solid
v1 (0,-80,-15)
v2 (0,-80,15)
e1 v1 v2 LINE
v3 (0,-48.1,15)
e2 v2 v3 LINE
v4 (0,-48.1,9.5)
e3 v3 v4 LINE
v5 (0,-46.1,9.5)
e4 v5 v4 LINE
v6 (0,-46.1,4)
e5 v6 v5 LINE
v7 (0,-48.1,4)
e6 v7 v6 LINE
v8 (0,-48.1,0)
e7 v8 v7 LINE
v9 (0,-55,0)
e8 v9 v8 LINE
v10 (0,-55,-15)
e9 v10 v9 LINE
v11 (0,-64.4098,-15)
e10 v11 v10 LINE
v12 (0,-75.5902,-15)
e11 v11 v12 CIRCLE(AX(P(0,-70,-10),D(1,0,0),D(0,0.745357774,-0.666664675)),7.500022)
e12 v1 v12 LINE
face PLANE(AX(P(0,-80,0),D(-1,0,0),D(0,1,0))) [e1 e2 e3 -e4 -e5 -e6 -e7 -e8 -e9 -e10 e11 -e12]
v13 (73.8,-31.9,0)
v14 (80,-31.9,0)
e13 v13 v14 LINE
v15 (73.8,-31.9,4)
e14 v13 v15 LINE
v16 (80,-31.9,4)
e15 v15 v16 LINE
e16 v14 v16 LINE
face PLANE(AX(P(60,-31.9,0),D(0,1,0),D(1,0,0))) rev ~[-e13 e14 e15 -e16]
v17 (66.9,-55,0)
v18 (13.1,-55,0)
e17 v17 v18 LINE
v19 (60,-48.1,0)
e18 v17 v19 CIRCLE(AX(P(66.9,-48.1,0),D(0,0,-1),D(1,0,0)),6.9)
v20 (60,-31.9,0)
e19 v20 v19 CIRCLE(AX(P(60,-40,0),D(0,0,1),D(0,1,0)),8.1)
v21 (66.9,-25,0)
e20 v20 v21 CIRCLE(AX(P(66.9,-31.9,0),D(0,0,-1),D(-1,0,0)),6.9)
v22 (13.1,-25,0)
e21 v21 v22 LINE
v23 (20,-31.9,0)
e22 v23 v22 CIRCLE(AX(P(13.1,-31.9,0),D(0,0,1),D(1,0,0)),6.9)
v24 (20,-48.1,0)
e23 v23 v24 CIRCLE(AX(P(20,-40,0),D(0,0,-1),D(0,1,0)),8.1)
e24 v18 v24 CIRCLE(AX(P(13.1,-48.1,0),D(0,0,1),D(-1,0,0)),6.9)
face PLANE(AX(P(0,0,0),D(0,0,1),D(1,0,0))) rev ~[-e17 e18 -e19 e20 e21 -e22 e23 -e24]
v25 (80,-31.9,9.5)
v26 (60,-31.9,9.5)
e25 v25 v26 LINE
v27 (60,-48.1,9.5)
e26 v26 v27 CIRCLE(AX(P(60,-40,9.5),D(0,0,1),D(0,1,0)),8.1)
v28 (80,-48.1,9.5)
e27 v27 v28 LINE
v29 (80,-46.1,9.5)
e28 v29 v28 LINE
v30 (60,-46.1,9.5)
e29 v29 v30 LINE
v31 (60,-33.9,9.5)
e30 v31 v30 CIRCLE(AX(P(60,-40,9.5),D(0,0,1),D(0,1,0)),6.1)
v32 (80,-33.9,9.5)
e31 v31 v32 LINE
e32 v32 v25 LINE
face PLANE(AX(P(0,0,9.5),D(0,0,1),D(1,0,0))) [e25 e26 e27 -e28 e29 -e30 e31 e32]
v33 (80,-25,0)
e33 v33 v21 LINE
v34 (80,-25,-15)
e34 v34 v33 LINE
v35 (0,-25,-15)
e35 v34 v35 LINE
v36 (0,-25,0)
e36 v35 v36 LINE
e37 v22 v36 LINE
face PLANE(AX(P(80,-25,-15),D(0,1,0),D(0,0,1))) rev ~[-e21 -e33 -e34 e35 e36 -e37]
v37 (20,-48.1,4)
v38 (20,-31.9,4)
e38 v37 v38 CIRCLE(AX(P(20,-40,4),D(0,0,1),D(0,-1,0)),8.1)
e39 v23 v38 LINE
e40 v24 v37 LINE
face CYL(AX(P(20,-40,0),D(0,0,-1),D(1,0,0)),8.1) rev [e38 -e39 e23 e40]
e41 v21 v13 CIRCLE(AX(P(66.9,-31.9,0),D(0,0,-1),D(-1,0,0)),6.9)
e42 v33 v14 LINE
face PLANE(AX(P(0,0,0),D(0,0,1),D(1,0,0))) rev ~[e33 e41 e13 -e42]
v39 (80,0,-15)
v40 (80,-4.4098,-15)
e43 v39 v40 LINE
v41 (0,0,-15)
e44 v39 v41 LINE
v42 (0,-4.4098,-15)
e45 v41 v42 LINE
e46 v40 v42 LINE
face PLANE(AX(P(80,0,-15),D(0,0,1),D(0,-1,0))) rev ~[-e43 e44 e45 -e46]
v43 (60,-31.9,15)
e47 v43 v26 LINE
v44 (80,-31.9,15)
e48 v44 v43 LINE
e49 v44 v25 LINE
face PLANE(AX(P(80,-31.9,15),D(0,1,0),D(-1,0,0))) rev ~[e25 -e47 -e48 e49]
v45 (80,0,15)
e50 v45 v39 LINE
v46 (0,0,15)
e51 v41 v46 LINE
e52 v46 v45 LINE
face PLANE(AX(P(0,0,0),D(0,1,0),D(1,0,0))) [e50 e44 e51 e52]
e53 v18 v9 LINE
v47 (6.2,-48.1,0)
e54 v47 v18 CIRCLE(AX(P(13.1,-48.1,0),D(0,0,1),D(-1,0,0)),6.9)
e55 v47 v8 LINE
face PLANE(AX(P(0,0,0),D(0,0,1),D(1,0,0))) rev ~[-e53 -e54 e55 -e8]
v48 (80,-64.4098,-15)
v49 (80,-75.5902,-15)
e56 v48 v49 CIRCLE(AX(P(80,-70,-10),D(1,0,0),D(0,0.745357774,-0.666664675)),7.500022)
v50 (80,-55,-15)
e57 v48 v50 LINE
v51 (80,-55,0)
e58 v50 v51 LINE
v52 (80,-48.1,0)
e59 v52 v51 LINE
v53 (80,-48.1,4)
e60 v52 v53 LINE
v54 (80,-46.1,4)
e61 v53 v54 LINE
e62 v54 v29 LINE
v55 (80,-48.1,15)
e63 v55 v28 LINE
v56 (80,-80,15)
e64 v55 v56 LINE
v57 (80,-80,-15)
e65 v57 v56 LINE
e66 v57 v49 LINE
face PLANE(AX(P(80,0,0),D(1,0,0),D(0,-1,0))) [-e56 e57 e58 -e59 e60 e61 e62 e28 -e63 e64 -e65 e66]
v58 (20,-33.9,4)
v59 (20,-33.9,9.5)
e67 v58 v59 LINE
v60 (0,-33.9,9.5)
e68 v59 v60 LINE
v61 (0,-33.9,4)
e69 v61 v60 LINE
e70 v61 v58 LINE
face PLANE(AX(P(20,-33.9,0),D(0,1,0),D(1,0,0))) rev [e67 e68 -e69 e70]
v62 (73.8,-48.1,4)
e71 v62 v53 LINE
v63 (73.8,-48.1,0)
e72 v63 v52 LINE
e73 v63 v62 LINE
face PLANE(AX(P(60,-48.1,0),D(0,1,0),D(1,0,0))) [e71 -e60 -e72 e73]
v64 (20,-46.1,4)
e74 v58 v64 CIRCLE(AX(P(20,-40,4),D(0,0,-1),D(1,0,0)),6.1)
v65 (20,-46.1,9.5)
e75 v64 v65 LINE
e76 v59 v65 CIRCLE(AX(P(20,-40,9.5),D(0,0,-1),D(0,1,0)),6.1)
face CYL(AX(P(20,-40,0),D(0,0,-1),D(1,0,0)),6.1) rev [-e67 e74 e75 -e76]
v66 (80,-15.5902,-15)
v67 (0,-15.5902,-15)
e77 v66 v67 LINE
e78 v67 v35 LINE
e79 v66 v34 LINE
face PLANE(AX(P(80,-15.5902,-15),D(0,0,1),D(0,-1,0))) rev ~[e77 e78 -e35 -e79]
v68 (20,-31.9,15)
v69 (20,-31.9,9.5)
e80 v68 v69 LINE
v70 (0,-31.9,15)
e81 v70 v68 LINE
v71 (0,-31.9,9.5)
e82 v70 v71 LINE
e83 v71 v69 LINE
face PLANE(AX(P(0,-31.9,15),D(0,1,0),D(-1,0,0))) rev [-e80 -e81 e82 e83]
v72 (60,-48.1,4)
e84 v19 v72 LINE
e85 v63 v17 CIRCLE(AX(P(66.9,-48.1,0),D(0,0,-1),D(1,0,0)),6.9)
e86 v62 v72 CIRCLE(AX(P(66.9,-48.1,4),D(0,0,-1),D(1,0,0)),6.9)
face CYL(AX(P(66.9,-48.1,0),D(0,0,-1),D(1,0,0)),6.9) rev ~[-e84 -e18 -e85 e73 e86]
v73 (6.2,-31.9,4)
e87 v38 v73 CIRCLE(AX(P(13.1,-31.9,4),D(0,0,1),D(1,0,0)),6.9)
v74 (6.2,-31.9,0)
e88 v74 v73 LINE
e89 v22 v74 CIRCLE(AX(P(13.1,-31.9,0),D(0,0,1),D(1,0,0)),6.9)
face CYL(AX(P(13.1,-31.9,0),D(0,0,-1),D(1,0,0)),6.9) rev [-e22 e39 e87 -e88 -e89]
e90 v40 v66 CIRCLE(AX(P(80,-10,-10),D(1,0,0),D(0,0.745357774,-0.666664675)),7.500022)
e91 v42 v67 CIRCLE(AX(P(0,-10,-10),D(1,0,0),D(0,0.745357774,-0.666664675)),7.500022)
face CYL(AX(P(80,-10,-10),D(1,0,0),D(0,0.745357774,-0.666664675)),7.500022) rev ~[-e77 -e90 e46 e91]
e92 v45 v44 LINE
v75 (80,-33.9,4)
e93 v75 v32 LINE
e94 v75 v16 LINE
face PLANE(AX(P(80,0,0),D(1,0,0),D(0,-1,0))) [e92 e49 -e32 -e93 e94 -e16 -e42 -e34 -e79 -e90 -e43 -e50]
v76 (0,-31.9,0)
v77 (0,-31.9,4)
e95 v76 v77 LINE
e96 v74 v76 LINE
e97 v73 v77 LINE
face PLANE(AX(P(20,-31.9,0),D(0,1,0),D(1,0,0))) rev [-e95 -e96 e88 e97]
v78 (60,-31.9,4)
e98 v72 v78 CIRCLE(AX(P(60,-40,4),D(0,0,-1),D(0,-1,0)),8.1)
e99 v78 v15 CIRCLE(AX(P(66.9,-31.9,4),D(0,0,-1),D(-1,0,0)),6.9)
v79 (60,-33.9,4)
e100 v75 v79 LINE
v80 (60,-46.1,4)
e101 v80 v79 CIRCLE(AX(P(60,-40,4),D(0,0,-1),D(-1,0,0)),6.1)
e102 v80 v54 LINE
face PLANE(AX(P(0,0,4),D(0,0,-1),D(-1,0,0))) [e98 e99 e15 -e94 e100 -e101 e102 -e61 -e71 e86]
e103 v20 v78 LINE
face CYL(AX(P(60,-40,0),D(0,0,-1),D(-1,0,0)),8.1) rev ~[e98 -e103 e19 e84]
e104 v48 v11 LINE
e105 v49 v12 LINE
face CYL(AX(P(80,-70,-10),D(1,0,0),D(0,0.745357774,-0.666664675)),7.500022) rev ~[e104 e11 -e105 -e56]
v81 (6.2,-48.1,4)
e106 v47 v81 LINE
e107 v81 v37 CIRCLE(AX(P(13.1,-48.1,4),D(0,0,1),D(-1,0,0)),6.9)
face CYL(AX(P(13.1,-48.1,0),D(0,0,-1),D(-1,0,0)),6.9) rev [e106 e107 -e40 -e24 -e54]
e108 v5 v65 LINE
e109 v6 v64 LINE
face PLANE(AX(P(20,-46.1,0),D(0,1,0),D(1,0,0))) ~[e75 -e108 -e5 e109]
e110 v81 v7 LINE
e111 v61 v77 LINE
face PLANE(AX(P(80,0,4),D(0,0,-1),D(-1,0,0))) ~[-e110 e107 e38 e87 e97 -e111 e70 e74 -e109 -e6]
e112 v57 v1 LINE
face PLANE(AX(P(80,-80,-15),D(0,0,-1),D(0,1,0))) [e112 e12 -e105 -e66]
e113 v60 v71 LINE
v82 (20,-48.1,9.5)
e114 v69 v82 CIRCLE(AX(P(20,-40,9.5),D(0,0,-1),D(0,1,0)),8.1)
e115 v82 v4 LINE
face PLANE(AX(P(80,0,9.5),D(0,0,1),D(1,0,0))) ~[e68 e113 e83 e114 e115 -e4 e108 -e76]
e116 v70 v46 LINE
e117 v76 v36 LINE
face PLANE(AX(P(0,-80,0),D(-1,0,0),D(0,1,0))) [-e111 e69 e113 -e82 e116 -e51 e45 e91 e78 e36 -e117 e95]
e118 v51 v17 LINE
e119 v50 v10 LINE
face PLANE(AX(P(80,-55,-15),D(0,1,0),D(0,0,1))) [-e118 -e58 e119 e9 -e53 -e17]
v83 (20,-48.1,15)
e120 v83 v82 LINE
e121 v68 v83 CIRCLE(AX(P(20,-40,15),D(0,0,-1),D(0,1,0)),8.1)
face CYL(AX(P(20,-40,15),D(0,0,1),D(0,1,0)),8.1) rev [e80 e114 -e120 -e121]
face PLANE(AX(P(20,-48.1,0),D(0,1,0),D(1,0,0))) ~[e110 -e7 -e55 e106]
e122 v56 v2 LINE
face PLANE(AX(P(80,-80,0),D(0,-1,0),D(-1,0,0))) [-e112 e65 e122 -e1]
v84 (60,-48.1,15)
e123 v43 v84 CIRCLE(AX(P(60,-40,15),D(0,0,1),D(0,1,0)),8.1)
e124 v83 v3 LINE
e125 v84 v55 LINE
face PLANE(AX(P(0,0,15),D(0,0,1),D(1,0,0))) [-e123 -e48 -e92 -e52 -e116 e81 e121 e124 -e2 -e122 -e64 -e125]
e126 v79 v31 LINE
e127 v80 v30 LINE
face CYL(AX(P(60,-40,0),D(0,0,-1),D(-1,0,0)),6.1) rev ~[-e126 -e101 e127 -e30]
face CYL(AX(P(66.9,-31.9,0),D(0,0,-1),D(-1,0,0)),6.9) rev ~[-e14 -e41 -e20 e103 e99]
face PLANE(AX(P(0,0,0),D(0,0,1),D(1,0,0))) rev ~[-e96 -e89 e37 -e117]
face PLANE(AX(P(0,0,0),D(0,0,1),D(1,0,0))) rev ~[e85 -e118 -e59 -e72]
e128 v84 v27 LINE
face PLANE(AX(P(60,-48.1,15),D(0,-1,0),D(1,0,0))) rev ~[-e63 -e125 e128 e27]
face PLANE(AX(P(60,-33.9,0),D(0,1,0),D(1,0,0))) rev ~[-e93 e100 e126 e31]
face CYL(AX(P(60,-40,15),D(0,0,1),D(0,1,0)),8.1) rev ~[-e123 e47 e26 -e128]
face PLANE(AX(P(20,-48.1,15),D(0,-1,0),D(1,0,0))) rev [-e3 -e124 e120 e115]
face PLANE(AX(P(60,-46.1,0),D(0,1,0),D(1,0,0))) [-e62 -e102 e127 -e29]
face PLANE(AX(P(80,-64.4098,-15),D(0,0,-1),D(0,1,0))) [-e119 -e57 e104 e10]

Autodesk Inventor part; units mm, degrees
ref_plane "YZ Plane" through (0, 0, 0) normal (1, 0, 0) x (0, 1, 0)
ref_plane "XZ Plane" through (0, 0, 0) normal (0, 1, 0) x (-1, 0, 0)
ref_plane "XY Plane" through (0, 0, 0) normal (0, 0, 1) x (1, 0, 0)
sketch "Sketch1" plane through (0, 0, 0) normal (0, 0, 1) x (1, 0, 0)
  line L0 (0, 0) -> (80, 0)
  line L1 (80, 0) -> (80, -80)
  line L2 (80, -80) -> (0, -80)
  line L3 (0, -80) -> (0, 0)
  dimension "d0" = 80
  dimension "d1" = 80
extrude "Extrusion1" add sketch "Sketch1" along normal blind 15
sketch "Sketch2" plane through (0, 0, 0) normal (0, 0, -1) x (-1, 0, 0)
  line L0 (0, 0) -> (-80, 0) projected
  circle A0 centre (-60, -40) radius 6.1
  line L1 (-80, 0) -> (-80, -80) projected
  line L2 (-60, -33.9) -> (-80, -33.9)
  line L3 (-80, -80) -> (-80, 0) projected
  line L4 (-60, -46.1) -> (-80, -46.1)
  line L5 (-80, -46.1) -> (-80, -33.9)
  dimension "d7" = 40
  dimension "d8" = 20
  dimension "d9" = 12.2
extrude "Extrusion2" cut sketch "Sketch2" against normal through all
sketch "Sketch3" plane through (0, 0, 0) normal (0, 0, -1) x (-1, 0, 0)
  arc A0 (-60, -46.1) -> (-60, -33.9) centre (-60, -40) ccw projected
  circle A1 centre (-60, -40) radius 8.1
  line L0 (-60, -31.9) -> (-80, -31.9)
  line L1 (-80, -33.9) -> (-80, 0) projected
  line L2 (-60, -48.1) -> (-80, -48.1)
  line L3 (-80, -48.1) -> (-80, -31.9)
  point P0 (0, 0)
  dimension "d12" = 16.2
extrude "Extrusion3" cut sketch "Sketch3" against normal blind 4
sketch "Sketch4" plane through (0, 0, 15) normal (0, 0, 1) x (1, 0, 0)
  line L0 (80, -31.9) -> (60, -31.9) projected
  arc A0 (60, -31.9) -> (60, -48.1) centre (60, -40) ccw projected
  line L1 (60, -48.1) -> (80, -48.1) projected
  line L2 (80, -46.1) -> (60, -46.1) projected
  arc A1 (60, -33.9) -> (60, -46.1) centre (60, -40) ccw projected
  line L3 (60, -33.9) -> (80, -33.9) projected
  line L4 (80, -33.9) -> (80, -31.9)
  line L5 (80, -33.9) -> (80, 0) projected
  line L6 (80, -46.1) -> (80, -48.1)
  line L7 (80, -80) -> (80, -46.1) projected
  point P0 (0, 0)
extrude "Extrusion4" cut sketch "Sketch4" against normal blind 5.5
sketch "Sketch5" plane through (0, 0, 0) normal (0, 0, -1) x (-1, 0, 0)
  arc A0 (-60, -46.1) -> (-60, -33.9) centre (-60, -40) ccw projected
  line L0 (-80, -31.9) -> (-60, -31.9) projected
  circle A1 centre (-60, -40) radius 8.1
  line L1 (-60, -31.9) -> (-60, -31.9)
  line L2 (-73.8, -31.9) -> (-73.8, -48.1)
  line L3 (-60, -48.1) -> (-60, -48.1)
  arc A2 (-60, -48.1) -> (-60, -31.9) centre (-60, -40) ccw projected
  line L4 (-60, -31.9) -> (-60, -31.9)
  line L5 (-60, -31.9) -> (-60, -31.9)
  line L6 (-60, -33.9) -> (-60, -46.1)
  arc A3 (-60, -31.9) -> (-73.8, -31.9) centre (-66.9, -31.9) ccw
  arc A4 (-73.8, -48.1) -> (-60, -48.1) centre (-66.9, -48.1) ccw
  point P0 (0, 0)
  dimension "d17" = 13.8
  dimension "d20" = 16.2
  dimension "d21" = 8.1
  dimension "d37" = 0
extrude "Extrusion5" cut sketch "Sketch5" against normal blind 4 contours A3 L0 | L0 A1 A4 L2
sketch "Sketch6" plane through (80, 0, 15) normal (1, 0, 0) x (0, 0, -1)
  line L0 (15, 0) -> (0, 0) projected
  line L1 (15, 0) -> (30, 0)
  line L2 (30, -25) -> (15, -25)
  line L3 (15, -25) -> (15, 0)
  line L4 (15, -80) -> (0, -80) projected
  line L5 (15, -80) -> (30, -80)
  line L6 (30, -55) -> (15, -55)
  line L7 (15, -55) -> (15, -80)
  arc A0 (30, -4.4098) -> (30, -15.5902) centre (25, -10) ccw
  arc A1 (30, -64.4098) -> (30, -75.5902) centre (25, -70) ccw
  line L8 (30, 0) -> (30, -4.4098)
  line L9 (30, -15.5902) -> (30, -25)
  line L10 (30, -80) -> (30, -75.5902)
  line L11 (30, -64.4098) -> (30, -55)
  dimension "d22" = 25
  dimension "d23" = 25
  dimension "d24" = 15
  dimension "d25" = 15
  dimension "d29" = 15
  dimension "d32" = 15
  dimension "d33" = 5
  dimension "d34" = 5
  dimension "d38" = 15
  dimension "d39" = 15
  dimension "d40" = 60
  dimension "d41" = 10
  dimension "d42" = 10
extrude "Extrusion6" add sketch "Sketch6" against normal blind 80
ref_plane "Work Plane1" through (40, -33.9, 4) normal (1, 0, 0) x (0, 0, -1)
mirror "Mirror1" about plane through (40, -33.9, 4) normal (1, 0, 0) of "Extrusion5", "Extrusion4", "Extrusion3", "Extrusion2"
equation "\"d24\" = d25"
equation "\"d32\" = d29"
equation "\"d34\" = d33"
equation "\"RodDiameter\" = 8"
equation "\"VerticalBearingOD\" = 16"
equation "\"PrintingClearance\" = 0.2"
equation "\"d31\" = d30"
equation "\"d30\" = 5"
properties part number "HotendMountCarriage"
